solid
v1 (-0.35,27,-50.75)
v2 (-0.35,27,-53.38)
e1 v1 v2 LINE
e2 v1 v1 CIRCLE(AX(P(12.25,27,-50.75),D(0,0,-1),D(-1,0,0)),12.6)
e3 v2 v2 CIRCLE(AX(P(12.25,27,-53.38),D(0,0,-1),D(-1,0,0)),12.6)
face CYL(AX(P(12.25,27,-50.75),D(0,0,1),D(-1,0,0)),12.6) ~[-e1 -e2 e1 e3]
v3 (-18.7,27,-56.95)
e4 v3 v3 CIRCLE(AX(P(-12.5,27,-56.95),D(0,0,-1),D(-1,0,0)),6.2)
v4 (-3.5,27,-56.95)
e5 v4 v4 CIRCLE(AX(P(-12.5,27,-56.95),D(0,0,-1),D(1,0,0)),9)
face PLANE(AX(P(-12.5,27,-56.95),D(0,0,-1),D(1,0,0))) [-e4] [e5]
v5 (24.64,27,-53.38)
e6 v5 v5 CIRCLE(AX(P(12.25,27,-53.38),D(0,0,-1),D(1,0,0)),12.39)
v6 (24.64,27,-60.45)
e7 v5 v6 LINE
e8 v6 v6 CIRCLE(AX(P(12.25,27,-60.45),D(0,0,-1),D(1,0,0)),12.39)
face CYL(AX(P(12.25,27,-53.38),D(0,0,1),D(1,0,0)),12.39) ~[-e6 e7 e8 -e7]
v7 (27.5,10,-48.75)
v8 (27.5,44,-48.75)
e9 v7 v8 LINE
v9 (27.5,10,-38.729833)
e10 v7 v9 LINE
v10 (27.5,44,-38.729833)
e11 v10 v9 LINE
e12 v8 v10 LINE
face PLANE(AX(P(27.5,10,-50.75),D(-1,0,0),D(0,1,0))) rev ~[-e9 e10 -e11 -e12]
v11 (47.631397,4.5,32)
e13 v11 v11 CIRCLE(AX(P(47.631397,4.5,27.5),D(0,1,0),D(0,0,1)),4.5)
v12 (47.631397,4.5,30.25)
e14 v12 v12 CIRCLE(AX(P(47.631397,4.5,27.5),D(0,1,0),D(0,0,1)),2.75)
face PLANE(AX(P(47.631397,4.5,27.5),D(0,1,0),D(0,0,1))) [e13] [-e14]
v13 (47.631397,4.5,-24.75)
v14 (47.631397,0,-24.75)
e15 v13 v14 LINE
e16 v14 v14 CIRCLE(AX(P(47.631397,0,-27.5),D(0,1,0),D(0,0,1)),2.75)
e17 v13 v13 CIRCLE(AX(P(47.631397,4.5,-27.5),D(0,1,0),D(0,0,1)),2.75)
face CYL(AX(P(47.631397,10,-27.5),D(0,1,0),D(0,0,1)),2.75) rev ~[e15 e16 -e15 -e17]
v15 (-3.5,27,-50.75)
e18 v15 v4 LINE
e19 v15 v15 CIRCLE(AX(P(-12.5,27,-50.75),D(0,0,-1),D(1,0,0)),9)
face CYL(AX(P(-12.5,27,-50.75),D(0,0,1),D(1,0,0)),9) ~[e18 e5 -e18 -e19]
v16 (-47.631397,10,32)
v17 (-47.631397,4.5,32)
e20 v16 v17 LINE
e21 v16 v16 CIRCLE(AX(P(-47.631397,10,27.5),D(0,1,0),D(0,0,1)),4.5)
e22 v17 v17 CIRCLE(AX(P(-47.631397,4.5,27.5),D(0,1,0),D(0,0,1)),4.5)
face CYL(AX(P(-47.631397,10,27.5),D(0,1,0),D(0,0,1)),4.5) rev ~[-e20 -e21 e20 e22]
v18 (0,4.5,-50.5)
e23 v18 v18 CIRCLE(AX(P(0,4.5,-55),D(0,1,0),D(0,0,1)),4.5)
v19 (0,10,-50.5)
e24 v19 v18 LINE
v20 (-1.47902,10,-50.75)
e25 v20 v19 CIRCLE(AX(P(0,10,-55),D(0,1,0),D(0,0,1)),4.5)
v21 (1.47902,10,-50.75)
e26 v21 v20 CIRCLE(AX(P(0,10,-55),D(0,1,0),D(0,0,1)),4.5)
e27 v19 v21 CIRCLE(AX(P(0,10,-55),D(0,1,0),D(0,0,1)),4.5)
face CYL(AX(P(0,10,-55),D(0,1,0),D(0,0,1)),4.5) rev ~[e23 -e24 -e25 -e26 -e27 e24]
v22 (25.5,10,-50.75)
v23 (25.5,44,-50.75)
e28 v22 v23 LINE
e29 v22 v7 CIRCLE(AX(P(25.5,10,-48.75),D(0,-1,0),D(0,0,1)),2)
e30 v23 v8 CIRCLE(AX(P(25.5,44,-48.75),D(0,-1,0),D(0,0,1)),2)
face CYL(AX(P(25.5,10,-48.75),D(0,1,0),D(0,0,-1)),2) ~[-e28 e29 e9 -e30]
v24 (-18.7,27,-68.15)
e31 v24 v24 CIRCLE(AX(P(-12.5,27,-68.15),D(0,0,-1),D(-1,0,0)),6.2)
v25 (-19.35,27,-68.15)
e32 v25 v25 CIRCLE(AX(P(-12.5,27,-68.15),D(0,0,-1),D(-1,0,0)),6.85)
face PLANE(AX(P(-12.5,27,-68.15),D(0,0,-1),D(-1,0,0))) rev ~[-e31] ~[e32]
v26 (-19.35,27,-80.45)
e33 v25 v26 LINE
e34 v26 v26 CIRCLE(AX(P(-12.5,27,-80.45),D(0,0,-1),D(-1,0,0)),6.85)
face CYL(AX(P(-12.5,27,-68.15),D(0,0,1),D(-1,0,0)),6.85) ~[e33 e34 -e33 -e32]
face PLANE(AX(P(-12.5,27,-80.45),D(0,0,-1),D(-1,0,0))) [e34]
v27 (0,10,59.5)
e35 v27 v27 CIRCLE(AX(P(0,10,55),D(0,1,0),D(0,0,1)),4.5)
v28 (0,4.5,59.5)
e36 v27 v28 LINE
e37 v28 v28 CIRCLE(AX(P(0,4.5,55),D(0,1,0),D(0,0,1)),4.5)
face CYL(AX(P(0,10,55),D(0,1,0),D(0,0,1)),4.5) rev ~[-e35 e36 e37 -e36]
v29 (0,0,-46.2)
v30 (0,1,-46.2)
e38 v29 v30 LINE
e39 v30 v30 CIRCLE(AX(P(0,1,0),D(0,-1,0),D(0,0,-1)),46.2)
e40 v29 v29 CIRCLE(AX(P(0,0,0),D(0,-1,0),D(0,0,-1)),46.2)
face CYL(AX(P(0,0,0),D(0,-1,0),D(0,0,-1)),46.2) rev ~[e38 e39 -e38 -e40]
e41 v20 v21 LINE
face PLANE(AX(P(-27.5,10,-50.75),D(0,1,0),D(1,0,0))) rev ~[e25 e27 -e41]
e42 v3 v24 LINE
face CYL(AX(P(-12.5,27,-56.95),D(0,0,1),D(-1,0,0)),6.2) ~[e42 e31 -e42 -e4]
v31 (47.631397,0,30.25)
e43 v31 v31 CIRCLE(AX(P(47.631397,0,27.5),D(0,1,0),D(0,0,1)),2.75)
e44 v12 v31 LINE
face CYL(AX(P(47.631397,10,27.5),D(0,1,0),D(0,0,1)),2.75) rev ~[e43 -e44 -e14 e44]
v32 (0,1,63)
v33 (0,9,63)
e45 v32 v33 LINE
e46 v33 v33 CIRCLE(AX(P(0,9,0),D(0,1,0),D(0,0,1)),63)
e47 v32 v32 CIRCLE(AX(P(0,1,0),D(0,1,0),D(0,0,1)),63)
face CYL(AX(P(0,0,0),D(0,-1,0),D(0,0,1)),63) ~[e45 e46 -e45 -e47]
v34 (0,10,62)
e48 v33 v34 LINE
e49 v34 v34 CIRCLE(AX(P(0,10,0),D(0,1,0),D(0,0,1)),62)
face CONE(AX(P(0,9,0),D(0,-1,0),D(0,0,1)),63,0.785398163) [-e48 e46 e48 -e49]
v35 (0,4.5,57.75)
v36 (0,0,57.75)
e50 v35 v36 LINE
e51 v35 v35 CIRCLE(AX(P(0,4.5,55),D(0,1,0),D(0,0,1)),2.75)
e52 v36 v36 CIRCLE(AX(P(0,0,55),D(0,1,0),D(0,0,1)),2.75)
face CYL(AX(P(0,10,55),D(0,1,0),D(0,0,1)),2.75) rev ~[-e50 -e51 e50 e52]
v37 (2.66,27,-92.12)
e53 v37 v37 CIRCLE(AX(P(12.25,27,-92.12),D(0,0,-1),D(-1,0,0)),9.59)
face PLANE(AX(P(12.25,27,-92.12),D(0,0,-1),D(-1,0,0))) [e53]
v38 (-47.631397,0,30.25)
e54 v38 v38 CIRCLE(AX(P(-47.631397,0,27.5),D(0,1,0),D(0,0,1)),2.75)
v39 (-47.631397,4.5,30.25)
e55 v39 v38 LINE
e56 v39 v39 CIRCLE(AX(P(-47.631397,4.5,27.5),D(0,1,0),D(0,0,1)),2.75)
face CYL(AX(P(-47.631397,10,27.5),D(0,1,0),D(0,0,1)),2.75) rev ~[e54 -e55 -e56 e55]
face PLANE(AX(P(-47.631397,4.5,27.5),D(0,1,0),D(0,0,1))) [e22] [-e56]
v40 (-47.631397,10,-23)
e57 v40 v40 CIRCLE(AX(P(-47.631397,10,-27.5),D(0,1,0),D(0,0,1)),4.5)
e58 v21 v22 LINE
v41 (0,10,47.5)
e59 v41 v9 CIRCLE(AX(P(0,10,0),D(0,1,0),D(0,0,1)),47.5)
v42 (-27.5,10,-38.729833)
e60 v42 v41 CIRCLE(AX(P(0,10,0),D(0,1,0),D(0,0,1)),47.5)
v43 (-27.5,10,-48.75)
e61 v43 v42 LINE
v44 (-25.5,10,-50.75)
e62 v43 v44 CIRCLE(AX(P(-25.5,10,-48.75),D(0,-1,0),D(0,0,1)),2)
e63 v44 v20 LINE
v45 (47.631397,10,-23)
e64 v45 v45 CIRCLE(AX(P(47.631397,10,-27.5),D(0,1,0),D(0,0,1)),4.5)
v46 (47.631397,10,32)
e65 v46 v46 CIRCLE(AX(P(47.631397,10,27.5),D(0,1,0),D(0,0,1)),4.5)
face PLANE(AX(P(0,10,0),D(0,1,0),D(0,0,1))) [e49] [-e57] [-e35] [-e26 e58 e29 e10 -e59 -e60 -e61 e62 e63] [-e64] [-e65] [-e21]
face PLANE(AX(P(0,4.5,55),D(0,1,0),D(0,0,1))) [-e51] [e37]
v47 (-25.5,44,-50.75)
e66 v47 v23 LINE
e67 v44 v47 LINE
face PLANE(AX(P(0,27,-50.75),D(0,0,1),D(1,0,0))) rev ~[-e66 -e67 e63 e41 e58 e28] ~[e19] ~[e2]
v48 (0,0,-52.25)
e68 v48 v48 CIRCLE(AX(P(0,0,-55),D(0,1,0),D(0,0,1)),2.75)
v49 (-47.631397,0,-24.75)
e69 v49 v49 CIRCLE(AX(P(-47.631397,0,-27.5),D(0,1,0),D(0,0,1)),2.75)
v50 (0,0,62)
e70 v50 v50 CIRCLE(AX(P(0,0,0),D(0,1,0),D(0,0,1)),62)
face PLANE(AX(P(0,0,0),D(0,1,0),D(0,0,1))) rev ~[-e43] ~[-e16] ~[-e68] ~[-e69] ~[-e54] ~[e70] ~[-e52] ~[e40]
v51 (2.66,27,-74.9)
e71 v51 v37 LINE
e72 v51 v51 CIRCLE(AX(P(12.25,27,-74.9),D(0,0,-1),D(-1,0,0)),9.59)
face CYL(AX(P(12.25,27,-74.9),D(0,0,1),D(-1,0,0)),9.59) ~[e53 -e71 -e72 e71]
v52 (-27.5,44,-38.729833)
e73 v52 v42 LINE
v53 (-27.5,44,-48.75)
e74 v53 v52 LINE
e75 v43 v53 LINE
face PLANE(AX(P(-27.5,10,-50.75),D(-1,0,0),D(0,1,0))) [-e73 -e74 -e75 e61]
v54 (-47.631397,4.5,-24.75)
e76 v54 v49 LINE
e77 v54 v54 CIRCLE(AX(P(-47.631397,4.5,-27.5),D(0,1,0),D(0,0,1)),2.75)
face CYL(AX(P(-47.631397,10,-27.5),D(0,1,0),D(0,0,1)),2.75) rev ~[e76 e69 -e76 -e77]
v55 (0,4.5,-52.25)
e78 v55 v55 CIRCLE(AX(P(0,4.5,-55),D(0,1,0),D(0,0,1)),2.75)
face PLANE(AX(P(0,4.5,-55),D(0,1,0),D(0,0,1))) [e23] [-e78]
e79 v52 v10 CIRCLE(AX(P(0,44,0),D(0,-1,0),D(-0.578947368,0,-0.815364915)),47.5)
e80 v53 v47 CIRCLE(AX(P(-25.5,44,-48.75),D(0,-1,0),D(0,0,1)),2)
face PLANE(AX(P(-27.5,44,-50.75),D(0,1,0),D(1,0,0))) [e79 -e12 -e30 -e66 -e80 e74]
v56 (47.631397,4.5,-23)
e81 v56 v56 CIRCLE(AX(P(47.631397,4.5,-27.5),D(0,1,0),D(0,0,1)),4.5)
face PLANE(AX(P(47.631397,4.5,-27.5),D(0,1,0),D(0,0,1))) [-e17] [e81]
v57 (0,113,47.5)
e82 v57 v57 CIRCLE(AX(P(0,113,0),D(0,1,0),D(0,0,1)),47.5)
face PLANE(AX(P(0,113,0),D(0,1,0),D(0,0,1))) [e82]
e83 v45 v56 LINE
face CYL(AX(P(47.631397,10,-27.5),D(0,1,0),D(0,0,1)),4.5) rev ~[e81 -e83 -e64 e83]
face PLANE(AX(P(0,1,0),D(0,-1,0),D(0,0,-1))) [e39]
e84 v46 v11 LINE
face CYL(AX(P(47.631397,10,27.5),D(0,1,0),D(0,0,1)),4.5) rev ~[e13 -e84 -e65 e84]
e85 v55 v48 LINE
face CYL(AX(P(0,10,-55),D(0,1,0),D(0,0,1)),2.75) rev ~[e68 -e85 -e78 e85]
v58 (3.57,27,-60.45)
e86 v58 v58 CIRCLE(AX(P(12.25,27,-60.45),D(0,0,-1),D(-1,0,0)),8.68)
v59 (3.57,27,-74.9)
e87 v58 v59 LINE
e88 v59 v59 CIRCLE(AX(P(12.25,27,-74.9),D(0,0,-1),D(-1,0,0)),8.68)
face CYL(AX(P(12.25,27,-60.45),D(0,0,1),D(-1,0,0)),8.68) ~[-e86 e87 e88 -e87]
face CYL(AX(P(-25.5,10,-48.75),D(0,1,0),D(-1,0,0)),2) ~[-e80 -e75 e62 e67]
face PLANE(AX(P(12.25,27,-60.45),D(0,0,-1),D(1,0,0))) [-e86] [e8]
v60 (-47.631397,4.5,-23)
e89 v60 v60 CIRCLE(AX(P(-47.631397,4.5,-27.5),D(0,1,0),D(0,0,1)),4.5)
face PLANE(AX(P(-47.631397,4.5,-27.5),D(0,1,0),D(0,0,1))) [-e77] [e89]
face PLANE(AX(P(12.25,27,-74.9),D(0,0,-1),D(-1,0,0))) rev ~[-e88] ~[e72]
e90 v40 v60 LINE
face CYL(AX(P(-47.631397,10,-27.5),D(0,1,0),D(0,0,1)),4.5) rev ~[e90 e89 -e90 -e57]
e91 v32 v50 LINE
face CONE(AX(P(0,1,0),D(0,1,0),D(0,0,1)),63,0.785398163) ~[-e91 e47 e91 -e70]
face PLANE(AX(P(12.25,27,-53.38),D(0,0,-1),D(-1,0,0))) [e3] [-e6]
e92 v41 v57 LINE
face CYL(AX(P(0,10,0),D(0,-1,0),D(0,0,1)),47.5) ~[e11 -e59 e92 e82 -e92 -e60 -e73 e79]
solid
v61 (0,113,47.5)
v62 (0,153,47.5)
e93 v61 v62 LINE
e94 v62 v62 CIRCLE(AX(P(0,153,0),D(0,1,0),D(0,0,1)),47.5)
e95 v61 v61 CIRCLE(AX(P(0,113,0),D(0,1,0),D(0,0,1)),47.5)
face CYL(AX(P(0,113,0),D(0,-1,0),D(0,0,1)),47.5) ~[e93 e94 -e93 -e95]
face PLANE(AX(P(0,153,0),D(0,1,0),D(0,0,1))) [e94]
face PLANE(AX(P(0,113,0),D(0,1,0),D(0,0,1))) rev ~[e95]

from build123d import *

# Parameters (mm, degrees)
SKETCH1_R                = 63
BOSS_EXTRUDE1_DEPTH      = 10
CHAMFER1_SIZE            = 1
SKETCH2_R                = 47.5
BOSS_EXTRUDE2_DEPTH      = 103
CUT_EXTRUDE1_REACH       = 138.187
SKETCH3_R                = 2.75
SKETCH4_R                = 4.5
CUT_EXTRUDE2_DEPTH       = 5.5
SKETCH5_R                = 46.2
CUT_EXTRUDE3_DEPTH       = 1
SKETCH6_R                = 47.5
BOSS_EXTRUDE3_DEPTH      = 40
BOSS_EXTRUDE4_REACH      = 202.791
BOSS_EXTRUDE4_END_RADIUS = 47.5
SKETCH7_W                = 55
SKETCH7_H                = 34
FILLET1_R                = 2
SKETCH8_R                = 12.6
BOSS_EXTRUDE5_DEPTH      = 2.63
SKETCH9_R                = 12.39
BOSS_EXTRUDE6_DEPTH      = 7.07
SKETCH10_R               = 8.68
BOSS_EXTRUDE7_DEPTH      = 14.45
SKETCH11_R               = 9.59
BOSS_EXTRUDE8_DEPTH      = 17.22
SKETCH12_R               = 9
BOSS_EXTRUDE9_DEPTH      = 6.2
SKETCH13_R               = 6.2
BOSS_EXTRUDE10_DEPTH     = 11.2
SKETCH14_R               = 6.85
BOSS_EXTRUDE11_DEPTH     = 12.3


with BuildPart() as part:
    # Sketch1 → Boss-Extrude1 (new body)
    with BuildSketch(Plane(origin=(0, 0, 0), x_dir=(1, 0, 0), z_dir=(0, 1, 0))):
        with Locations(Location((0, 0, 0), (0, 0, 270))):
            Circle(SKETCH1_R)
    extrude(amount=BOSS_EXTRUDE1_DEPTH)

    # Chamfer1
    chamfer1_edges = [part.edges().sort_by_distance(p)[0] for p in [
        (0, 0, -63),
        (0, 10, -63),
    ]]
    chamfer(chamfer1_edges, length=CHAMFER1_SIZE)

    # Sketch2 → Boss-Extrude2 (add)
    with BuildSketch(Plane(origin=(0, 10, 0), x_dir=(1, 0, 0), z_dir=(0, 1, 0))):
        with Locations(Location((0, 0, 0), (0, 0, 270))):
            Circle(SKETCH2_R)
    extrude(amount=BOSS_EXTRUDE2_DEPTH)

    # Sketch3 → Cut-Extrude1 (cut, up to next)
    with BuildSketch(Plane(origin=(0, 10, 0), x_dir=(1, 0, 0), z_dir=(0, 1, 0)), mode=Mode.PRIVATE) as cut_extrude1_sk1:
        with Locations(Location((0, 55, 0), (0, 0, 270))):
            Circle(SKETCH3_R)
    cut_extrude1_tool1 = extrude(cut_extrude1_sk1.sketch, amount=-CUT_EXTRUDE1_REACH, mode=Mode.PRIVATE) & part.part
    # Sketch3 → Cut-Extrude1 (cut, up to next)
    with BuildSketch(Plane(origin=(0, 10, 0), x_dir=(1, 0, 0), z_dir=(0, 1, 0)), mode=Mode.PRIVATE) as cut_extrude1_sk2:
        with Locations(Location((47.631397208, 27.5, 0), (0, 0, 270))):
            Circle(SKETCH3_R)
    cut_extrude1_tool2 = extrude(cut_extrude1_sk2.sketch, amount=-CUT_EXTRUDE1_REACH, mode=Mode.PRIVATE) & part.part
    # Sketch3 → Cut-Extrude1 (cut, up to next)
    with BuildSketch(Plane(origin=(0, 10, 0), x_dir=(1, 0, 0), z_dir=(0, 1, 0)), mode=Mode.PRIVATE) as cut_extrude1_sk3:
        with Locations(Location((47.631397208, -27.5, 0), (0, 0, 270))):
            Circle(SKETCH3_R)
    cut_extrude1_tool3 = extrude(cut_extrude1_sk3.sketch, amount=-CUT_EXTRUDE1_REACH, mode=Mode.PRIVATE) & part.part
    # Sketch3 → Cut-Extrude1 (cut, up to next)
    with BuildSketch(Plane(origin=(0, 10, 0), x_dir=(1, 0, 0), z_dir=(0, 1, 0)), mode=Mode.PRIVATE) as cut_extrude1_sk4:
        with Locations(Location((0, -55, 0), (0, 0, 270))):
            Circle(SKETCH3_R)
    cut_extrude1_tool4 = extrude(cut_extrude1_sk4.sketch, amount=-CUT_EXTRUDE1_REACH, mode=Mode.PRIVATE) & part.part
    # Sketch3 → Cut-Extrude1 (cut, up to next)
    with BuildSketch(Plane(origin=(0, 10, 0), x_dir=(1, 0, 0), z_dir=(0, 1, 0)), mode=Mode.PRIVATE) as cut_extrude1_sk5:
        with Locations(Location((-47.631397208, -27.5, 0), (0, 0, 270))):
            Circle(SKETCH3_R)
    cut_extrude1_tool5 = extrude(cut_extrude1_sk5.sketch, amount=-CUT_EXTRUDE1_REACH, mode=Mode.PRIVATE) & part.part
    # Sketch3 → Cut-Extrude1 (cut, up to next)
    with BuildSketch(Plane(origin=(0, 10, 0), x_dir=(1, 0, 0), z_dir=(0, 1, 0)), mode=Mode.PRIVATE) as cut_extrude1_sk6:
        with Locations(Location((-47.631397208, 27.5, 0), (0, 0, 270))):
            Circle(SKETCH3_R)
    cut_extrude1_tool6 = extrude(cut_extrude1_sk6.sketch, amount=-CUT_EXTRUDE1_REACH, mode=Mode.PRIVATE) & part.part
    add(cut_extrude1_tool1.solids().sort_by_distance((0, 10, -55))[0], mode=Mode.SUBTRACT)
    add(cut_extrude1_tool2.solids().sort_by_distance((47.631397, 10, -27.5))[0], mode=Mode.SUBTRACT)
    add(cut_extrude1_tool3.solids().sort_by_distance((47.631397, 10, 27.5))[0], mode=Mode.SUBTRACT)
    add(cut_extrude1_tool4.solids().sort_by_distance((0, 10, 55))[0], mode=Mode.SUBTRACT)
    add(cut_extrude1_tool5.solids().sort_by_distance((-47.631397, 10, 27.5))[0], mode=Mode.SUBTRACT)
    add(cut_extrude1_tool6.solids().sort_by_distance((-47.631397, 10, -27.5))[0], mode=Mode.SUBTRACT)

    # Sketch4 → Cut-Extrude2 (cut)
    with BuildSketch(Plane(origin=(0, 10, 0), x_dir=(1, 0, 0), z_dir=(0, 1, 0))):
        with Locations(Location((0, 55, 0), (0, 0, 270))):
            Circle(SKETCH4_R)
        with Locations(Location((47.631397208, 27.5, 0), (0, 0, 270))):
            Circle(SKETCH4_R)
        with Locations(Location((47.631397208, -27.5, 0), (0, 0, 270))):
            Circle(SKETCH4_R)
        with Locations(Location((0, -55, 0), (0, 0, 270))):
            Circle(SKETCH4_R)
        with Locations(Location((-47.631397208, -27.5, 0), (0, 0, 270))):
            Circle(SKETCH4_R)
        with Locations(Location((-47.631397208, 27.5, 0), (0, 0, 270))):
            Circle(SKETCH4_R)
    extrude(amount=-CUT_EXTRUDE2_DEPTH, mode=Mode.SUBTRACT)

    # Sketch5 → Cut-Extrude3 (cut)
    with BuildSketch(Plane.XZ):
        with Locations(Location((0, 0, 0), (0, 0, 270))):
            Circle(SKETCH5_R)
    extrude(amount=-CUT_EXTRUDE3_DEPTH, mode=Mode.SUBTRACT)

    # Boss-Extrude4: up to this cylinder (the profile starts outside it)
    boss_extrude4_end = Plane(origin=(0, 27, 0), z_dir=(0, -1, 0)) * Cylinder(BOSS_EXTRUDE4_END_RADIUS, 501.582, mode=Mode.PRIVATE)
    # Sketch7 → Boss-Extrude4 (add, up to the surface)
    with BuildSketch(Plane.XY.offset(-50.75), mode=Mode.PRIVATE) as boss_extrude4_sk1:
        with Locations((0, 27)):
            Rectangle(SKETCH7_W, SKETCH7_H)
    boss_extrude4_tool1 = extrude(boss_extrude4_sk1.sketch, amount=BOSS_EXTRUDE4_REACH, mode=Mode.PRIVATE) - boss_extrude4_end
    add(boss_extrude4_tool1.solids().sort_by_distance((0, 27, -50.75))[0])

    # Fillet1
    fillet1_edges = [part.edges().sort_by_distance(p)[0] for p in [
        (-27.5, 27, -50.75),
        (27.5, 27, -50.75),
    ]]
    fillet(fillet1_edges, radius=FILLET1_R)

    # Sketch8 → Boss-Extrude5 (add)
    with BuildSketch(Plane(origin=(0, 0, -50.75), x_dir=(-1, 0, 0), z_dir=(0, 0, -1))):
        with Locations((-12.25, 27)):
            Circle(SKETCH8_R)
    extrude(amount=BOSS_EXTRUDE5_DEPTH)

    # Sketch9 → Boss-Extrude6 (add)
    with BuildSketch(Plane(origin=(0, 0, -53.38), x_dir=(-1, 0, 0), z_dir=(0, 0, -1))):
        with Locations(Location((-12.25, 27, 0), (0, 0, 180))):
            Circle(SKETCH9_R)
    extrude(amount=BOSS_EXTRUDE6_DEPTH)

    # Sketch10 → Boss-Extrude7 (add)
    with BuildSketch(Plane(origin=(0, 0, -60.45), x_dir=(-1, 0, 0), z_dir=(0, 0, -1))):
        with Locations((-12.25, 27)):
            Circle(SKETCH10_R)
    extrude(amount=BOSS_EXTRUDE7_DEPTH)

    # Sketch11 → Boss-Extrude8 (add)
    with BuildSketch(Plane(origin=(0, 0, -74.9), x_dir=(-1, 0, 0), z_dir=(0, 0, -1))):
        with Locations((-12.25, 27)):
            Circle(SKETCH11_R)
    extrude(amount=BOSS_EXTRUDE8_DEPTH)

    # Sketch12 → Boss-Extrude9 (add)
    with BuildSketch(Plane(origin=(0, 0, -50.75), x_dir=(-1, 0, 0), z_dir=(0, 0, -1))):
        with Locations(Location((12.5, 27, 0), (0, 0, 180))):
            Circle(SKETCH12_R)
    extrude(amount=BOSS_EXTRUDE9_DEPTH)

    # Sketch13 → Boss-Extrude10 (add)
    with BuildSketch(Plane(origin=(0, 0, -56.95), x_dir=(-1, 0, 0), z_dir=(0, 0, -1))):
        with Locations((12.5, 27)):
            Circle(SKETCH13_R)
    extrude(amount=BOSS_EXTRUDE10_DEPTH)

    # Sketch14 → Boss-Extrude11 (add)
    with BuildSketch(Plane(origin=(0, 0, -68.15), x_dir=(-1, 0, 0), z_dir=(0, 0, -1))):
        with Locations((12.5, 27)):
            Circle(SKETCH14_R)
    extrude(amount=BOSS_EXTRUDE11_DEPTH)


with BuildPart() as body_2:
    # Sketch6 → Boss-Extrude3 (new body)
    with BuildSketch(Plane(origin=(0, 113, 0), x_dir=(1, 0, 0), z_dir=(0, 1, 0))):
        with Locations(Location((0, 0, 0), (0, 0, 270))):
            Circle(SKETCH6_R)
    extrude(amount=BOSS_EXTRUDE3_DEPTH)


solid = Compound([part.part, body_2.part])
